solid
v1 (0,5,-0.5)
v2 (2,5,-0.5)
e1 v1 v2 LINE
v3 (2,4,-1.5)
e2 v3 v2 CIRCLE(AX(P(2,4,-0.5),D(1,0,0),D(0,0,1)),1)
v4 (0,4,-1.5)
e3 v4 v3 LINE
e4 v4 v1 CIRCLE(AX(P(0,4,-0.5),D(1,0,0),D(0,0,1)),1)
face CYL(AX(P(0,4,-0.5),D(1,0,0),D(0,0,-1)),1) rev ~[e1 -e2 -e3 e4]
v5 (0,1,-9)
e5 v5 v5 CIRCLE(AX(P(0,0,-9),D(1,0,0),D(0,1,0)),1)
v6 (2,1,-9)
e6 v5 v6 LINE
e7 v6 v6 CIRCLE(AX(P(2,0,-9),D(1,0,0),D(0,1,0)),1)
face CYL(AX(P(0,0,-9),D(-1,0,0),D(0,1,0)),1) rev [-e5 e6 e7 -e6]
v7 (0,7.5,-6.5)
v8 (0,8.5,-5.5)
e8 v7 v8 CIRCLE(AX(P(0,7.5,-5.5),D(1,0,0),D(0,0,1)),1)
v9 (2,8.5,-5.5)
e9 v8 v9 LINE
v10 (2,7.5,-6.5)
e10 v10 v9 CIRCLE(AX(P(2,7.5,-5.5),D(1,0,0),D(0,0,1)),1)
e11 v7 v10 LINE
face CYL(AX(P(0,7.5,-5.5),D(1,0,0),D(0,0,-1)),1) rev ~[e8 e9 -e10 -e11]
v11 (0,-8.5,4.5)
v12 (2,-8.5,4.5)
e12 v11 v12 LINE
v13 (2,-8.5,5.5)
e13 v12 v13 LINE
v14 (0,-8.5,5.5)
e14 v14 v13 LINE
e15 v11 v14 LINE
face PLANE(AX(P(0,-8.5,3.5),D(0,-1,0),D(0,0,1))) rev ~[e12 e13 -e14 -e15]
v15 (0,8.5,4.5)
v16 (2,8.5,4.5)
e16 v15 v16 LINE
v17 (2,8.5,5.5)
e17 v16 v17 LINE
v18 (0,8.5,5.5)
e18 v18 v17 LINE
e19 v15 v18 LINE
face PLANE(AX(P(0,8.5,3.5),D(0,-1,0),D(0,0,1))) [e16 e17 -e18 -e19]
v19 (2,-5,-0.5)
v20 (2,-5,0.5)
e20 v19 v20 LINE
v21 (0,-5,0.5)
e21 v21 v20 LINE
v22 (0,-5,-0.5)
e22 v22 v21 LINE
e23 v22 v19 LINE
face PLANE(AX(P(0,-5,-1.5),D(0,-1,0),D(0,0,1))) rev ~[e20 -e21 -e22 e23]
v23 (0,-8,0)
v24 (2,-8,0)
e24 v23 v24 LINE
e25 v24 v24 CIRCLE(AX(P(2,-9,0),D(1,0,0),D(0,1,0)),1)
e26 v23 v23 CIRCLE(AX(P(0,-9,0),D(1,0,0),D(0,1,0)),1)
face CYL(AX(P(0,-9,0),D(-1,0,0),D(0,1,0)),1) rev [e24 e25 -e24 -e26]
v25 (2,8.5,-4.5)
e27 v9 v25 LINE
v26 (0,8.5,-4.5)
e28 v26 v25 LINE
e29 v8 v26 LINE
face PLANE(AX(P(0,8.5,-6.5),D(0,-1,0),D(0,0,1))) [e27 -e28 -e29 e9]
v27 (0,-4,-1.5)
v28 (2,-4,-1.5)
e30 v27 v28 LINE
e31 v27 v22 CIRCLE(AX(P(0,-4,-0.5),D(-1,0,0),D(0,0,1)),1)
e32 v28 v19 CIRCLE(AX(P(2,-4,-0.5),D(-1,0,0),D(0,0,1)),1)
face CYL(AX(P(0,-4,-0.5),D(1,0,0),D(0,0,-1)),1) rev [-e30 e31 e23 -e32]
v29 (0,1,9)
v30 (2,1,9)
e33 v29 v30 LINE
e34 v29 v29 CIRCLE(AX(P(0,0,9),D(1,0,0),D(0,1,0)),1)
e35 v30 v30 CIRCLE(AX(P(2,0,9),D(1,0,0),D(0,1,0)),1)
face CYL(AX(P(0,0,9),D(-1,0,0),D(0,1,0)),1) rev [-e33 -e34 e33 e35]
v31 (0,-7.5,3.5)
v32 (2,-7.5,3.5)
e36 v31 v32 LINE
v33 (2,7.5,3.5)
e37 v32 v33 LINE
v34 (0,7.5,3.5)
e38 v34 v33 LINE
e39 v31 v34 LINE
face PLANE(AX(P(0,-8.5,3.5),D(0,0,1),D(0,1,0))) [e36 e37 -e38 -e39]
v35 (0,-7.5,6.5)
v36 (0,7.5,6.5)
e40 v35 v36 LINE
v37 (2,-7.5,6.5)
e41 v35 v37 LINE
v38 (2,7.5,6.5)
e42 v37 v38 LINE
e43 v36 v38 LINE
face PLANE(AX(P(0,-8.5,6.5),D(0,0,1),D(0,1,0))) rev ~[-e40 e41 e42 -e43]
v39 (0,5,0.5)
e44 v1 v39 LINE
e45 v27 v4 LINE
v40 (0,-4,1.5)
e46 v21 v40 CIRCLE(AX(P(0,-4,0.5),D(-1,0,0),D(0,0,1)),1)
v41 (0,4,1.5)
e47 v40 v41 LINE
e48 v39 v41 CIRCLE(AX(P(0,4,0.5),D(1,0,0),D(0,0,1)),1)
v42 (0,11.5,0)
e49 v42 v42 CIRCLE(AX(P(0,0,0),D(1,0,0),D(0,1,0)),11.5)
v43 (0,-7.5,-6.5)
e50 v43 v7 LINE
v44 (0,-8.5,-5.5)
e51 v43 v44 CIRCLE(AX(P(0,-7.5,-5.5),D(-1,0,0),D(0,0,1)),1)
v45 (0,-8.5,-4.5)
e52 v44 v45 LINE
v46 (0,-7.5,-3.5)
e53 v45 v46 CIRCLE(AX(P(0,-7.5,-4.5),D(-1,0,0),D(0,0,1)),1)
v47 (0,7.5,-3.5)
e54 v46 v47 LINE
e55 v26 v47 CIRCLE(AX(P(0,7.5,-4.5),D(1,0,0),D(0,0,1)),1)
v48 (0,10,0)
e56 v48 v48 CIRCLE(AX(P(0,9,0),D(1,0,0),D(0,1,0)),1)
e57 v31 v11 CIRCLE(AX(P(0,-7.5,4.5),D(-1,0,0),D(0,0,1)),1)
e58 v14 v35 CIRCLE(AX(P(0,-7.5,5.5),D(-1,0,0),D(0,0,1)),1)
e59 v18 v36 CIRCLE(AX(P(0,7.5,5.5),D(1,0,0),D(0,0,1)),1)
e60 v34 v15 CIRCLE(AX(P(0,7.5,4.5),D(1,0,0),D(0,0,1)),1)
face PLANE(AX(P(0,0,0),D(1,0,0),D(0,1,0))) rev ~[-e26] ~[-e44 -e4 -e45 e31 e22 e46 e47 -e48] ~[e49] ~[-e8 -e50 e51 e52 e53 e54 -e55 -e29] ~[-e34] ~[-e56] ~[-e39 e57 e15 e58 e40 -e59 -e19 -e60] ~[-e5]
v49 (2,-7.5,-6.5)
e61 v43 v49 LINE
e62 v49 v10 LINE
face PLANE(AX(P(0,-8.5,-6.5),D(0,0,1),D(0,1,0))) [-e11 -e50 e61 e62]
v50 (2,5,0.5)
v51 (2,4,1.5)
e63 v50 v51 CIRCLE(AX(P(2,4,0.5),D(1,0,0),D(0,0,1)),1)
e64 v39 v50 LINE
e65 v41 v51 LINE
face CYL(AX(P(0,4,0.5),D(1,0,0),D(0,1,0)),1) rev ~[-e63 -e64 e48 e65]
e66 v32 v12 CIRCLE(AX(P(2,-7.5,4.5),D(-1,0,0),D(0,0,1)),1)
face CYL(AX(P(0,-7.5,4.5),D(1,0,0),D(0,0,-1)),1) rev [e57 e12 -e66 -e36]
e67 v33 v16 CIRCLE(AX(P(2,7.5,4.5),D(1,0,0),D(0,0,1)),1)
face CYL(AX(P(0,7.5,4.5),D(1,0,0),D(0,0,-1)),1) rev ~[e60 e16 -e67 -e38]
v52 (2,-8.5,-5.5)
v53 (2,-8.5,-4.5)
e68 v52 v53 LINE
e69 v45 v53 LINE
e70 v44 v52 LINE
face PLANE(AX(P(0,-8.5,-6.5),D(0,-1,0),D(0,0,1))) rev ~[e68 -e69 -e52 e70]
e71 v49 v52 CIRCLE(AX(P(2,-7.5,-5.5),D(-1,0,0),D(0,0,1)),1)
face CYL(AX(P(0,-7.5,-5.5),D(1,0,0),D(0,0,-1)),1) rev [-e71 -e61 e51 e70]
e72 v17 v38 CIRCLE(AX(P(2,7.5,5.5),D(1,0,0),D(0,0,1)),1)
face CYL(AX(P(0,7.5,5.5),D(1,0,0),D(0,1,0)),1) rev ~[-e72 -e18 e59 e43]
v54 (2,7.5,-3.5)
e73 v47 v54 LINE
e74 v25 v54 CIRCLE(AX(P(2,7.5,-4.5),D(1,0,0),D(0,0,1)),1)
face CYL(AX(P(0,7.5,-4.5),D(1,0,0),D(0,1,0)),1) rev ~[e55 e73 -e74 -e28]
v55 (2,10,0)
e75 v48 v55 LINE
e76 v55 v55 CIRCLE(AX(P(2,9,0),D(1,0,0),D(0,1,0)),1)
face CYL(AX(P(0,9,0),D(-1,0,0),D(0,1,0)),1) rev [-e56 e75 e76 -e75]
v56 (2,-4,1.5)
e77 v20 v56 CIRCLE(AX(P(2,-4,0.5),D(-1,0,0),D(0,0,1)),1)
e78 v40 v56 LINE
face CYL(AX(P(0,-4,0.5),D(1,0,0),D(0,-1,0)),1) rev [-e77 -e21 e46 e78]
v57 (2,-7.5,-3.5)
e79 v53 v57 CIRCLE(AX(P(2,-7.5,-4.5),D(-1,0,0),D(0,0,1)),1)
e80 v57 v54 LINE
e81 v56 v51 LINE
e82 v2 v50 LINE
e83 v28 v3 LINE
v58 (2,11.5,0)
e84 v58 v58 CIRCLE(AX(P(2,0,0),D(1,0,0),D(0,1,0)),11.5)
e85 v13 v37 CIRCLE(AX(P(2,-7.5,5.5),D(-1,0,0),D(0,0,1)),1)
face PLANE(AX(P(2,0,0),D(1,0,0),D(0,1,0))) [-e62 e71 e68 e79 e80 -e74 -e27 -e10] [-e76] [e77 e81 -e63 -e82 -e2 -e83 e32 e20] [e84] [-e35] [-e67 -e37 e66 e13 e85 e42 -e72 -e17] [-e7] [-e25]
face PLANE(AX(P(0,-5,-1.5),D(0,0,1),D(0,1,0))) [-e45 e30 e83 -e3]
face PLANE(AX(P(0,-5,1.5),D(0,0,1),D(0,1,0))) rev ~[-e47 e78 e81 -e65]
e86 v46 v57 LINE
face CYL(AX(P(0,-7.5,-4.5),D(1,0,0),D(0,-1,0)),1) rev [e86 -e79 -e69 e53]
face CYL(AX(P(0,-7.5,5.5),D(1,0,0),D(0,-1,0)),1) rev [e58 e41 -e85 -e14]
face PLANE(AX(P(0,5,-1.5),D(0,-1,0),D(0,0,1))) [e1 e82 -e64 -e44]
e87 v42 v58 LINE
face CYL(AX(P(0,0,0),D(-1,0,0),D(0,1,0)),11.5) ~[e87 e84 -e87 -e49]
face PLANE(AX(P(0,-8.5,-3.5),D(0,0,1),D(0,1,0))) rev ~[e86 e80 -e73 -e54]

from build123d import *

# Parameters (mm, degrees)
F0_R     = 11.5
F0_R_2   = 1
F0_W     = 17
F0_H     = 3
F0_W_2   = 10
F1_DEPTH = 2
F2_R     = 1


with BuildPart() as f1:
    # F0 (on Right) → F1 (new body)
    with BuildSketch(Plane.YZ):
        Circle(F0_R)
        with Locations((0, -9)):
            Circle(F0_R_2, mode=Mode.SUBTRACT)
        with Locations((0, -5)):
            Rectangle(F0_W, F0_H, mode=Mode.SUBTRACT)
        with Locations((-9, 0)):
            Circle(F0_R_2, mode=Mode.SUBTRACT)
        Rectangle(F0_W_2, F0_H, mode=Mode.SUBTRACT)
        with Locations((0, 5)):
            Rectangle(F0_W, F0_H, mode=Mode.SUBTRACT)
        with Locations((9, 0)):
            Circle(F0_R_2, mode=Mode.SUBTRACT)
        with Locations((0, 9)):
            Circle(F0_R_2, mode=Mode.SUBTRACT)
    extrude(amount=F1_DEPTH)

    # F2
    f2_edges = [f1.edges().sort_by_distance(p)[0] for p in [
        (1, -8.5, 6.5),
        (1, -8.5, 3.5),
        (1, 8.5, 6.5),
        (1, 8.5, 3.5),
        (1, 5, -1.5),
        (1, -5, -1.5),
        (1, -8.5, -6.5),
        (1, 8.5, -6.5),
        (1, -5, 1.5),
        (1, -8.5, -3.5),
        (1, 8.5, -3.5),
        (1, 5, 1.5),
    ]]
    fillet(f2_edges, radius=F2_R)


solid = f1.part
